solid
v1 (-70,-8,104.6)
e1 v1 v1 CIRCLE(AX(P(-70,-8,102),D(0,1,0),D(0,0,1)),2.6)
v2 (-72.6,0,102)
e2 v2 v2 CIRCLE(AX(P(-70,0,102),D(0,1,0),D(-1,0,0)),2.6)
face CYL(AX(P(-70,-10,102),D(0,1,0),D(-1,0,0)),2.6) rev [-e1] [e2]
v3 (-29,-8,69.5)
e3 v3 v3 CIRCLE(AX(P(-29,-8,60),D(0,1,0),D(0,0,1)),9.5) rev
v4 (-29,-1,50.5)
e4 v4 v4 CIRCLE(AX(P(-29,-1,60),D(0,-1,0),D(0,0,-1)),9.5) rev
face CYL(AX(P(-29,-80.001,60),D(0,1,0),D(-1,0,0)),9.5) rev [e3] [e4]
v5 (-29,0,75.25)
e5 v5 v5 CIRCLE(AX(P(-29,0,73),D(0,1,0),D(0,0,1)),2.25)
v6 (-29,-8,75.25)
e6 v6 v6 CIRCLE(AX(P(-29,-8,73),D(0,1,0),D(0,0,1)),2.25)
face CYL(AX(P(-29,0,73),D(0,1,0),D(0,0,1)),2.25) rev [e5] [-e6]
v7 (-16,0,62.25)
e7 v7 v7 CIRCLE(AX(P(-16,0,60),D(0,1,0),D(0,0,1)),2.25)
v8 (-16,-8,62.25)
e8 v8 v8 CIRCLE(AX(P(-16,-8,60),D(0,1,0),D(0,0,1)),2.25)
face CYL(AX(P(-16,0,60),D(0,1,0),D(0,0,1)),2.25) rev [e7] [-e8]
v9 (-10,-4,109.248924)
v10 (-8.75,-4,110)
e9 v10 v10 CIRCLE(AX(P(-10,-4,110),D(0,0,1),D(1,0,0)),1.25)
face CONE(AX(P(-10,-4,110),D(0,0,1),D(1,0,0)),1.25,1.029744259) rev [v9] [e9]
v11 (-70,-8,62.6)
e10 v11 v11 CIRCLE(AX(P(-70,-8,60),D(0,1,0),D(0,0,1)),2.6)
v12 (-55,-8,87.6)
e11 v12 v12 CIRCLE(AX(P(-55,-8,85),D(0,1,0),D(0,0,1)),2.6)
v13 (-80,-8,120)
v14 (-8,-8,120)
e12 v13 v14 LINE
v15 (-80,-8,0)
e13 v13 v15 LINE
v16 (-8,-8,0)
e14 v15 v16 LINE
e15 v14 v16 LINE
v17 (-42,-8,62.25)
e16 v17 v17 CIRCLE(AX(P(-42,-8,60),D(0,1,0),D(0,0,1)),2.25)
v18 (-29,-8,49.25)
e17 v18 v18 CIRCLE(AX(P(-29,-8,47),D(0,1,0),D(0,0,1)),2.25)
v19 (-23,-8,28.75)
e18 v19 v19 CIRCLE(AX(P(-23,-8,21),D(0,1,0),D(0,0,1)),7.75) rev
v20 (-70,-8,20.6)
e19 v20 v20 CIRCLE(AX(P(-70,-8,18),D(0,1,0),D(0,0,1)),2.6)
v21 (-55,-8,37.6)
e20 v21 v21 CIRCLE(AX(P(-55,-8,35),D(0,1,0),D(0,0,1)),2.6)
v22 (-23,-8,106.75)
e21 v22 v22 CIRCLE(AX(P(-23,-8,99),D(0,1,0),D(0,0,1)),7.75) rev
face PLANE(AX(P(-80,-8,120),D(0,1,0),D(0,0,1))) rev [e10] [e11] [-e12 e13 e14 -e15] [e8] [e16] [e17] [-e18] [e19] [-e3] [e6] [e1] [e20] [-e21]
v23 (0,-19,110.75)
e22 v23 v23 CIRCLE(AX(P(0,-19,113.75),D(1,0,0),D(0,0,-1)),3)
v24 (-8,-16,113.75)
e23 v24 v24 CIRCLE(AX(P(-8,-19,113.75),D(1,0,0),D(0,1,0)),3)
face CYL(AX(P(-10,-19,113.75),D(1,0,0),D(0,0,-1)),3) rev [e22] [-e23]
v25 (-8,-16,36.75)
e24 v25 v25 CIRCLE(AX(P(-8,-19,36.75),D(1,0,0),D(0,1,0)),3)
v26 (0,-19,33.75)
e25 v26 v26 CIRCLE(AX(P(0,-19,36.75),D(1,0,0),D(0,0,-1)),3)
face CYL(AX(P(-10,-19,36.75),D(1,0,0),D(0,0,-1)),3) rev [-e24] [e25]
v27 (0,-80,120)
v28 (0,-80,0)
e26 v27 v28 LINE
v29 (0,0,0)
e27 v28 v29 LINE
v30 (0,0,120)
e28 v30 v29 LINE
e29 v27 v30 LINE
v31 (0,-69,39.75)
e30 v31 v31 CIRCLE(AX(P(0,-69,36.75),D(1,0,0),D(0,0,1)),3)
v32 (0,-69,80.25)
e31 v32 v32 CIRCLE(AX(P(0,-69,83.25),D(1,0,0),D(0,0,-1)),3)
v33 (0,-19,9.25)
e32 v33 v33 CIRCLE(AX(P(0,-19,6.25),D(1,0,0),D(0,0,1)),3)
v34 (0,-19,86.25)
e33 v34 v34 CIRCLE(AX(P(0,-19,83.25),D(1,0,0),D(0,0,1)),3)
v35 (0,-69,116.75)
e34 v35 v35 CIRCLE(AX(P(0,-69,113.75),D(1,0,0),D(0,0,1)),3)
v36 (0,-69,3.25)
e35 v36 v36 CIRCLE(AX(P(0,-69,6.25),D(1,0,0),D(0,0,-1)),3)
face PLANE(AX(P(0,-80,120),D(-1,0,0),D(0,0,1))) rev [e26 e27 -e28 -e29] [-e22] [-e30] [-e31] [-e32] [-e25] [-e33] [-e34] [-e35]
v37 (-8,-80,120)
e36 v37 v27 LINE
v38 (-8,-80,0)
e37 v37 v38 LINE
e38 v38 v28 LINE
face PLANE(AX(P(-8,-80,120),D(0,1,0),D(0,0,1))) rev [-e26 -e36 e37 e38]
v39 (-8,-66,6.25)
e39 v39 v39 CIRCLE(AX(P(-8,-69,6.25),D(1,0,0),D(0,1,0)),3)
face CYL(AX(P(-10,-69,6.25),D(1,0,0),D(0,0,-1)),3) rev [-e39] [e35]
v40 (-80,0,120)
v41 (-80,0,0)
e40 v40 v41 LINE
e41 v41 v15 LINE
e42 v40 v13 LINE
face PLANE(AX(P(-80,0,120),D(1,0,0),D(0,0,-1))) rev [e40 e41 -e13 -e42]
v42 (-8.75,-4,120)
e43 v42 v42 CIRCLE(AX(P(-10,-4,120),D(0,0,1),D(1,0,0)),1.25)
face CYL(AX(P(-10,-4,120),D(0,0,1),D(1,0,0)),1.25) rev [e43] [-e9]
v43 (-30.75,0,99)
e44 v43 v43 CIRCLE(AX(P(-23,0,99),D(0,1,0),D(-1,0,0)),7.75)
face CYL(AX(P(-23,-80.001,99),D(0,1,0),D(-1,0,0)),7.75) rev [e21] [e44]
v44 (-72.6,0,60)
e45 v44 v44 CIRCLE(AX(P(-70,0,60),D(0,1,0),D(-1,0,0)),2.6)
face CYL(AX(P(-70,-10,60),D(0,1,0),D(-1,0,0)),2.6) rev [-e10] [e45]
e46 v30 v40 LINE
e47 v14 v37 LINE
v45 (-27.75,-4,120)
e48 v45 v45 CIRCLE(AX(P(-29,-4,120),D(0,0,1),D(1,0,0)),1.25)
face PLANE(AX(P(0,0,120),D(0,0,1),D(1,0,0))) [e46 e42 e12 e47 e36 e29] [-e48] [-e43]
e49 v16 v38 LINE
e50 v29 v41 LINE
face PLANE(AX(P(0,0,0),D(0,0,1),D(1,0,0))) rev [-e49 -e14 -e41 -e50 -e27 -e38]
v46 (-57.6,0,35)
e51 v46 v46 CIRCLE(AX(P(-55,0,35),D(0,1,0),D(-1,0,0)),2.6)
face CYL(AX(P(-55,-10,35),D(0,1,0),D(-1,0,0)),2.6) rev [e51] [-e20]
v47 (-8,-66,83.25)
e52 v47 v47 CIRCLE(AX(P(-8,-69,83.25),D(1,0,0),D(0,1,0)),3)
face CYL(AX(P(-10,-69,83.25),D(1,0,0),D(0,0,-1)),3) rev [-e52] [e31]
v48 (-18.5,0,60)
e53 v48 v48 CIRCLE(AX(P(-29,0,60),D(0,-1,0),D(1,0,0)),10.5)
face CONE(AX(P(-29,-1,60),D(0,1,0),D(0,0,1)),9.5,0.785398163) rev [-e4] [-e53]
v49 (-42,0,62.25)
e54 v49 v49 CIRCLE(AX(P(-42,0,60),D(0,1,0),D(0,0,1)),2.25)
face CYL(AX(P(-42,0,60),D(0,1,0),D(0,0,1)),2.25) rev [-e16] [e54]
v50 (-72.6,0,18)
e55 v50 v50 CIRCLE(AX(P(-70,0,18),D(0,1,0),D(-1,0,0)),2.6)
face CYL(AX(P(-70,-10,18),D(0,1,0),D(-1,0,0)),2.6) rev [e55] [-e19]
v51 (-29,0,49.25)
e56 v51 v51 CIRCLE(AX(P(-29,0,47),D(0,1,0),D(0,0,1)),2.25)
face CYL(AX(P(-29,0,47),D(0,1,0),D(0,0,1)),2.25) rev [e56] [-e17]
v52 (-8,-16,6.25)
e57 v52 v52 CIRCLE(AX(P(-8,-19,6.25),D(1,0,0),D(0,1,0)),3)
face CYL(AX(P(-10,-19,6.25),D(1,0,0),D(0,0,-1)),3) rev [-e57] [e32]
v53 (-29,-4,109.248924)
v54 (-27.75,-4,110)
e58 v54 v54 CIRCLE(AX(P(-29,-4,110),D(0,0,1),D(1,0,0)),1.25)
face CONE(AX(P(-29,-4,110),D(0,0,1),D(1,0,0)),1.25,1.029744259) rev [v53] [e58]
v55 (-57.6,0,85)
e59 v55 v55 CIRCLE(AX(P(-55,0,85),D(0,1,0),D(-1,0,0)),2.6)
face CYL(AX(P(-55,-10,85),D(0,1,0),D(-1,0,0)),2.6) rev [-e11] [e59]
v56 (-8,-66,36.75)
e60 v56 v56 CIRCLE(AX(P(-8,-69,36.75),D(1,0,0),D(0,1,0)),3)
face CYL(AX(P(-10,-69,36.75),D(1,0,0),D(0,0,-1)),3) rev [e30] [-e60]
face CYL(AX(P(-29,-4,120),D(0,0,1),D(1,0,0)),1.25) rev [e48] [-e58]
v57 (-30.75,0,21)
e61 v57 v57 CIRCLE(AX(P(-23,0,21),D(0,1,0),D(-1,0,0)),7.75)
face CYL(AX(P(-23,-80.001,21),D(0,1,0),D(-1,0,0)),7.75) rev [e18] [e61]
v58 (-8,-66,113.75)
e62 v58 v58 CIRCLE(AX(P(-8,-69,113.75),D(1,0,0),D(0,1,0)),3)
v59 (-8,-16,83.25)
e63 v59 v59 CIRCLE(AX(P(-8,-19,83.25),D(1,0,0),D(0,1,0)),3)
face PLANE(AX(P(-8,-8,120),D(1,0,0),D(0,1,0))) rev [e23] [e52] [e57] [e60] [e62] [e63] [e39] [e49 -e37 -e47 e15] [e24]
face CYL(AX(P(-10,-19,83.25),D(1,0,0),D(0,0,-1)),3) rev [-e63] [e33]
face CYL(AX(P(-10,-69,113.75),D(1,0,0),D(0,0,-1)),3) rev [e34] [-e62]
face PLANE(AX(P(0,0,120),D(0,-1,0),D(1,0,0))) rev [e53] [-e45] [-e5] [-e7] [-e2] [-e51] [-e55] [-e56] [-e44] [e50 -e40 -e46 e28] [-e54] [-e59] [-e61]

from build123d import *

# Parameters (mm, degrees)
ESTRUSIONE_ESTRUSIONE1_DEPTH = 120
TAGLIO_ESTRUSIONE2_REACH     = 166.924
SCHIZZO6_R                   = 7.75
TAGLIO_ESTRUSIONE3_REACH     = 166.924
SCHIZZO7_R                   = 9.5
FORO_PER_VITE_M4_2_D         = 4.5
SCHIZZO12_R                  = 3
TAGLIO_ESTRUSIONE4_DEPTH     = 10
SCHIZZO14_R                  = 2.6
TAGLIO_ESTRUSIONE5_DEPTH     = 10
SMUSSO2_SIZE                 = 1
FORO_FILETTATO_M3_1_D        = 2.5
FORO_FILETTATO_M3_1_DEPTH    = 10
FORO_FILETTATO_M3_1_TIP      = 0.751075774


with BuildPart() as part:
    # Schizzo1 → Estrusione-Estrusione1 (new body)
    with BuildSketch(Plane.XY):
        Polygon((0, 0), (-80, 0), (-80, -8), (-8, -8), (-8, -80), (0, -80), align=None)
    extrude(amount=ESTRUSIONE_ESTRUSIONE1_DEPTH)

    # Schizzo6 → Taglio-Estrusione2 (cut, up to next)
    with BuildSketch(Plane(origin=(0, 0, 0), x_dir=(1, 0, 0), z_dir=(0, 1, 0)), mode=Mode.PRIVATE) as taglio_estrusione2_sk1:
        with Locations(Location((-23, -21, 0), (0, 0, 180))):
            Circle(SCHIZZO6_R)
    taglio_estrusione2_tool1 = extrude(taglio_estrusione2_sk1.sketch, amount=-TAGLIO_ESTRUSIONE2_REACH, mode=Mode.PRIVATE) & part.part
    # Schizzo6 → Taglio-Estrusione2 (cut, up to next)
    with BuildSketch(Plane(origin=(0, 0, 0), x_dir=(1, 0, 0), z_dir=(0, 1, 0)), mode=Mode.PRIVATE) as taglio_estrusione2_sk2:
        with Locations(Location((-23, -99, 0), (0, 0, 180))):
            Circle(SCHIZZO6_R)
    taglio_estrusione2_tool2 = extrude(taglio_estrusione2_sk2.sketch, amount=-TAGLIO_ESTRUSIONE2_REACH, mode=Mode.PRIVATE) & part.part
    add(taglio_estrusione2_tool1.solids().sort_by_distance((-23, 0, 21))[0], mode=Mode.SUBTRACT)
    add(taglio_estrusione2_tool2.solids().sort_by_distance((-23, 0, 99))[0], mode=Mode.SUBTRACT)

    # Schizzo7 → Taglio-Estrusione3 (cut, up to next)
    with BuildSketch(Plane(origin=(0, 0, 0), x_dir=(1, 0, 0), z_dir=(0, 1, 0)), mode=Mode.PRIVATE) as taglio_estrusione3_sk1:
        with Locations(Location((-29, -60, 0), (0, 0, 180))):
            Circle(SCHIZZO7_R)
    taglio_estrusione3_tool1 = extrude(taglio_estrusione3_sk1.sketch, amount=-TAGLIO_ESTRUSIONE3_REACH, mode=Mode.PRIVATE) & part.part
    add(taglio_estrusione3_tool1.solids().sort_by_distance((-29, 0, 60))[0], mode=Mode.SUBTRACT)

    # Foro per Vite M4-2 (through all)
    with Locations(Plane(origin=(0, 0, 0), x_dir=(1, 0, 0), z_dir=(0, 1, 0))):
        with Locations((-29, -47), (-42, -60), (-29, -73), (-16, -60), (-29, -60)):
            Hole(FORO_PER_VITE_M4_2_D / 2)

    # Schizzo12 → Taglio-Estrusione4 (cut)
    with BuildSketch(Plane(origin=(0, 0, 0), x_dir=(0, 0, -1), z_dir=(1, 0, 0))):
        with Locations((-113.75, -19)):
            Circle(SCHIZZO12_R)
        with Locations(Location((-83.25, -19, 0), (0, 0, 90))):
            Circle(SCHIZZO12_R)
        with Locations((-36.75, -19)):
            Circle(SCHIZZO12_R)
        with Locations(Location((-6.25, -19, 0), (0, 0, 90))):
            Circle(SCHIZZO12_R)
        with Locations((-83.25, -69)):
            Circle(SCHIZZO12_R)
        with Locations(Location((-113.75, -69, 0), (0, 0, 90))):
            Circle(SCHIZZO12_R)
        with Locations((-6.25, -69)):
            Circle(SCHIZZO12_R)
        with Locations(Location((-36.75, -69, 0), (0, 0, 90))):
            Circle(SCHIZZO12_R)
    extrude(amount=-TAGLIO_ESTRUSIONE4_DEPTH, mode=Mode.SUBTRACT)

    # Schizzo14 → Taglio-Estrusione5 (cut)
    with BuildSketch(Plane(origin=(0, 0, 0), x_dir=(1, 0, 0), z_dir=(0, 1, 0))):
        with Locations(Location((-70, -18, 0), (0, 0, 180))):
            Circle(SCHIZZO14_R)
        with Locations(Location((-70, -60, 0), (0, 0, 180))):
            Circle(SCHIZZO14_R)
        with Locations(Location((-70, -102, 0), (0, 0, 180))):
            Circle(SCHIZZO14_R)
        with Locations(Location((-55, -35, 0), (0, 0, 180))):
            Circle(SCHIZZO14_R)
        with Locations(Location((-55, -85, 0), (0, 0, 180))):
            Circle(SCHIZZO14_R)
    extrude(amount=-TAGLIO_ESTRUSIONE5_DEPTH, mode=Mode.SUBTRACT)

    # Smusso2
    smusso2_edges = [part.edges().sort_by_distance(p)[0] for p in [
        (-19.5, 0, 60),
    ]]
    chamfer(smusso2_edges, length=SMUSSO2_SIZE)

    # Foro filettato M3-1
    with Locations(Plane.XY.offset(120)):
        with Locations((-10, -4), (-29, -4)):
            Hole(FORO_FILETTATO_M3_1_D / 2, depth=FORO_FILETTATO_M3_1_DEPTH)
            with Locations((0, 0, -(FORO_FILETTATO_M3_1_DEPTH + FORO_FILETTATO_M3_1_TIP / 2))):  # 118° drill point
                Cone(0, FORO_FILETTATO_M3_1_D / 2, FORO_FILETTATO_M3_1_TIP, mode=Mode.SUBTRACT)


solid = part.part
